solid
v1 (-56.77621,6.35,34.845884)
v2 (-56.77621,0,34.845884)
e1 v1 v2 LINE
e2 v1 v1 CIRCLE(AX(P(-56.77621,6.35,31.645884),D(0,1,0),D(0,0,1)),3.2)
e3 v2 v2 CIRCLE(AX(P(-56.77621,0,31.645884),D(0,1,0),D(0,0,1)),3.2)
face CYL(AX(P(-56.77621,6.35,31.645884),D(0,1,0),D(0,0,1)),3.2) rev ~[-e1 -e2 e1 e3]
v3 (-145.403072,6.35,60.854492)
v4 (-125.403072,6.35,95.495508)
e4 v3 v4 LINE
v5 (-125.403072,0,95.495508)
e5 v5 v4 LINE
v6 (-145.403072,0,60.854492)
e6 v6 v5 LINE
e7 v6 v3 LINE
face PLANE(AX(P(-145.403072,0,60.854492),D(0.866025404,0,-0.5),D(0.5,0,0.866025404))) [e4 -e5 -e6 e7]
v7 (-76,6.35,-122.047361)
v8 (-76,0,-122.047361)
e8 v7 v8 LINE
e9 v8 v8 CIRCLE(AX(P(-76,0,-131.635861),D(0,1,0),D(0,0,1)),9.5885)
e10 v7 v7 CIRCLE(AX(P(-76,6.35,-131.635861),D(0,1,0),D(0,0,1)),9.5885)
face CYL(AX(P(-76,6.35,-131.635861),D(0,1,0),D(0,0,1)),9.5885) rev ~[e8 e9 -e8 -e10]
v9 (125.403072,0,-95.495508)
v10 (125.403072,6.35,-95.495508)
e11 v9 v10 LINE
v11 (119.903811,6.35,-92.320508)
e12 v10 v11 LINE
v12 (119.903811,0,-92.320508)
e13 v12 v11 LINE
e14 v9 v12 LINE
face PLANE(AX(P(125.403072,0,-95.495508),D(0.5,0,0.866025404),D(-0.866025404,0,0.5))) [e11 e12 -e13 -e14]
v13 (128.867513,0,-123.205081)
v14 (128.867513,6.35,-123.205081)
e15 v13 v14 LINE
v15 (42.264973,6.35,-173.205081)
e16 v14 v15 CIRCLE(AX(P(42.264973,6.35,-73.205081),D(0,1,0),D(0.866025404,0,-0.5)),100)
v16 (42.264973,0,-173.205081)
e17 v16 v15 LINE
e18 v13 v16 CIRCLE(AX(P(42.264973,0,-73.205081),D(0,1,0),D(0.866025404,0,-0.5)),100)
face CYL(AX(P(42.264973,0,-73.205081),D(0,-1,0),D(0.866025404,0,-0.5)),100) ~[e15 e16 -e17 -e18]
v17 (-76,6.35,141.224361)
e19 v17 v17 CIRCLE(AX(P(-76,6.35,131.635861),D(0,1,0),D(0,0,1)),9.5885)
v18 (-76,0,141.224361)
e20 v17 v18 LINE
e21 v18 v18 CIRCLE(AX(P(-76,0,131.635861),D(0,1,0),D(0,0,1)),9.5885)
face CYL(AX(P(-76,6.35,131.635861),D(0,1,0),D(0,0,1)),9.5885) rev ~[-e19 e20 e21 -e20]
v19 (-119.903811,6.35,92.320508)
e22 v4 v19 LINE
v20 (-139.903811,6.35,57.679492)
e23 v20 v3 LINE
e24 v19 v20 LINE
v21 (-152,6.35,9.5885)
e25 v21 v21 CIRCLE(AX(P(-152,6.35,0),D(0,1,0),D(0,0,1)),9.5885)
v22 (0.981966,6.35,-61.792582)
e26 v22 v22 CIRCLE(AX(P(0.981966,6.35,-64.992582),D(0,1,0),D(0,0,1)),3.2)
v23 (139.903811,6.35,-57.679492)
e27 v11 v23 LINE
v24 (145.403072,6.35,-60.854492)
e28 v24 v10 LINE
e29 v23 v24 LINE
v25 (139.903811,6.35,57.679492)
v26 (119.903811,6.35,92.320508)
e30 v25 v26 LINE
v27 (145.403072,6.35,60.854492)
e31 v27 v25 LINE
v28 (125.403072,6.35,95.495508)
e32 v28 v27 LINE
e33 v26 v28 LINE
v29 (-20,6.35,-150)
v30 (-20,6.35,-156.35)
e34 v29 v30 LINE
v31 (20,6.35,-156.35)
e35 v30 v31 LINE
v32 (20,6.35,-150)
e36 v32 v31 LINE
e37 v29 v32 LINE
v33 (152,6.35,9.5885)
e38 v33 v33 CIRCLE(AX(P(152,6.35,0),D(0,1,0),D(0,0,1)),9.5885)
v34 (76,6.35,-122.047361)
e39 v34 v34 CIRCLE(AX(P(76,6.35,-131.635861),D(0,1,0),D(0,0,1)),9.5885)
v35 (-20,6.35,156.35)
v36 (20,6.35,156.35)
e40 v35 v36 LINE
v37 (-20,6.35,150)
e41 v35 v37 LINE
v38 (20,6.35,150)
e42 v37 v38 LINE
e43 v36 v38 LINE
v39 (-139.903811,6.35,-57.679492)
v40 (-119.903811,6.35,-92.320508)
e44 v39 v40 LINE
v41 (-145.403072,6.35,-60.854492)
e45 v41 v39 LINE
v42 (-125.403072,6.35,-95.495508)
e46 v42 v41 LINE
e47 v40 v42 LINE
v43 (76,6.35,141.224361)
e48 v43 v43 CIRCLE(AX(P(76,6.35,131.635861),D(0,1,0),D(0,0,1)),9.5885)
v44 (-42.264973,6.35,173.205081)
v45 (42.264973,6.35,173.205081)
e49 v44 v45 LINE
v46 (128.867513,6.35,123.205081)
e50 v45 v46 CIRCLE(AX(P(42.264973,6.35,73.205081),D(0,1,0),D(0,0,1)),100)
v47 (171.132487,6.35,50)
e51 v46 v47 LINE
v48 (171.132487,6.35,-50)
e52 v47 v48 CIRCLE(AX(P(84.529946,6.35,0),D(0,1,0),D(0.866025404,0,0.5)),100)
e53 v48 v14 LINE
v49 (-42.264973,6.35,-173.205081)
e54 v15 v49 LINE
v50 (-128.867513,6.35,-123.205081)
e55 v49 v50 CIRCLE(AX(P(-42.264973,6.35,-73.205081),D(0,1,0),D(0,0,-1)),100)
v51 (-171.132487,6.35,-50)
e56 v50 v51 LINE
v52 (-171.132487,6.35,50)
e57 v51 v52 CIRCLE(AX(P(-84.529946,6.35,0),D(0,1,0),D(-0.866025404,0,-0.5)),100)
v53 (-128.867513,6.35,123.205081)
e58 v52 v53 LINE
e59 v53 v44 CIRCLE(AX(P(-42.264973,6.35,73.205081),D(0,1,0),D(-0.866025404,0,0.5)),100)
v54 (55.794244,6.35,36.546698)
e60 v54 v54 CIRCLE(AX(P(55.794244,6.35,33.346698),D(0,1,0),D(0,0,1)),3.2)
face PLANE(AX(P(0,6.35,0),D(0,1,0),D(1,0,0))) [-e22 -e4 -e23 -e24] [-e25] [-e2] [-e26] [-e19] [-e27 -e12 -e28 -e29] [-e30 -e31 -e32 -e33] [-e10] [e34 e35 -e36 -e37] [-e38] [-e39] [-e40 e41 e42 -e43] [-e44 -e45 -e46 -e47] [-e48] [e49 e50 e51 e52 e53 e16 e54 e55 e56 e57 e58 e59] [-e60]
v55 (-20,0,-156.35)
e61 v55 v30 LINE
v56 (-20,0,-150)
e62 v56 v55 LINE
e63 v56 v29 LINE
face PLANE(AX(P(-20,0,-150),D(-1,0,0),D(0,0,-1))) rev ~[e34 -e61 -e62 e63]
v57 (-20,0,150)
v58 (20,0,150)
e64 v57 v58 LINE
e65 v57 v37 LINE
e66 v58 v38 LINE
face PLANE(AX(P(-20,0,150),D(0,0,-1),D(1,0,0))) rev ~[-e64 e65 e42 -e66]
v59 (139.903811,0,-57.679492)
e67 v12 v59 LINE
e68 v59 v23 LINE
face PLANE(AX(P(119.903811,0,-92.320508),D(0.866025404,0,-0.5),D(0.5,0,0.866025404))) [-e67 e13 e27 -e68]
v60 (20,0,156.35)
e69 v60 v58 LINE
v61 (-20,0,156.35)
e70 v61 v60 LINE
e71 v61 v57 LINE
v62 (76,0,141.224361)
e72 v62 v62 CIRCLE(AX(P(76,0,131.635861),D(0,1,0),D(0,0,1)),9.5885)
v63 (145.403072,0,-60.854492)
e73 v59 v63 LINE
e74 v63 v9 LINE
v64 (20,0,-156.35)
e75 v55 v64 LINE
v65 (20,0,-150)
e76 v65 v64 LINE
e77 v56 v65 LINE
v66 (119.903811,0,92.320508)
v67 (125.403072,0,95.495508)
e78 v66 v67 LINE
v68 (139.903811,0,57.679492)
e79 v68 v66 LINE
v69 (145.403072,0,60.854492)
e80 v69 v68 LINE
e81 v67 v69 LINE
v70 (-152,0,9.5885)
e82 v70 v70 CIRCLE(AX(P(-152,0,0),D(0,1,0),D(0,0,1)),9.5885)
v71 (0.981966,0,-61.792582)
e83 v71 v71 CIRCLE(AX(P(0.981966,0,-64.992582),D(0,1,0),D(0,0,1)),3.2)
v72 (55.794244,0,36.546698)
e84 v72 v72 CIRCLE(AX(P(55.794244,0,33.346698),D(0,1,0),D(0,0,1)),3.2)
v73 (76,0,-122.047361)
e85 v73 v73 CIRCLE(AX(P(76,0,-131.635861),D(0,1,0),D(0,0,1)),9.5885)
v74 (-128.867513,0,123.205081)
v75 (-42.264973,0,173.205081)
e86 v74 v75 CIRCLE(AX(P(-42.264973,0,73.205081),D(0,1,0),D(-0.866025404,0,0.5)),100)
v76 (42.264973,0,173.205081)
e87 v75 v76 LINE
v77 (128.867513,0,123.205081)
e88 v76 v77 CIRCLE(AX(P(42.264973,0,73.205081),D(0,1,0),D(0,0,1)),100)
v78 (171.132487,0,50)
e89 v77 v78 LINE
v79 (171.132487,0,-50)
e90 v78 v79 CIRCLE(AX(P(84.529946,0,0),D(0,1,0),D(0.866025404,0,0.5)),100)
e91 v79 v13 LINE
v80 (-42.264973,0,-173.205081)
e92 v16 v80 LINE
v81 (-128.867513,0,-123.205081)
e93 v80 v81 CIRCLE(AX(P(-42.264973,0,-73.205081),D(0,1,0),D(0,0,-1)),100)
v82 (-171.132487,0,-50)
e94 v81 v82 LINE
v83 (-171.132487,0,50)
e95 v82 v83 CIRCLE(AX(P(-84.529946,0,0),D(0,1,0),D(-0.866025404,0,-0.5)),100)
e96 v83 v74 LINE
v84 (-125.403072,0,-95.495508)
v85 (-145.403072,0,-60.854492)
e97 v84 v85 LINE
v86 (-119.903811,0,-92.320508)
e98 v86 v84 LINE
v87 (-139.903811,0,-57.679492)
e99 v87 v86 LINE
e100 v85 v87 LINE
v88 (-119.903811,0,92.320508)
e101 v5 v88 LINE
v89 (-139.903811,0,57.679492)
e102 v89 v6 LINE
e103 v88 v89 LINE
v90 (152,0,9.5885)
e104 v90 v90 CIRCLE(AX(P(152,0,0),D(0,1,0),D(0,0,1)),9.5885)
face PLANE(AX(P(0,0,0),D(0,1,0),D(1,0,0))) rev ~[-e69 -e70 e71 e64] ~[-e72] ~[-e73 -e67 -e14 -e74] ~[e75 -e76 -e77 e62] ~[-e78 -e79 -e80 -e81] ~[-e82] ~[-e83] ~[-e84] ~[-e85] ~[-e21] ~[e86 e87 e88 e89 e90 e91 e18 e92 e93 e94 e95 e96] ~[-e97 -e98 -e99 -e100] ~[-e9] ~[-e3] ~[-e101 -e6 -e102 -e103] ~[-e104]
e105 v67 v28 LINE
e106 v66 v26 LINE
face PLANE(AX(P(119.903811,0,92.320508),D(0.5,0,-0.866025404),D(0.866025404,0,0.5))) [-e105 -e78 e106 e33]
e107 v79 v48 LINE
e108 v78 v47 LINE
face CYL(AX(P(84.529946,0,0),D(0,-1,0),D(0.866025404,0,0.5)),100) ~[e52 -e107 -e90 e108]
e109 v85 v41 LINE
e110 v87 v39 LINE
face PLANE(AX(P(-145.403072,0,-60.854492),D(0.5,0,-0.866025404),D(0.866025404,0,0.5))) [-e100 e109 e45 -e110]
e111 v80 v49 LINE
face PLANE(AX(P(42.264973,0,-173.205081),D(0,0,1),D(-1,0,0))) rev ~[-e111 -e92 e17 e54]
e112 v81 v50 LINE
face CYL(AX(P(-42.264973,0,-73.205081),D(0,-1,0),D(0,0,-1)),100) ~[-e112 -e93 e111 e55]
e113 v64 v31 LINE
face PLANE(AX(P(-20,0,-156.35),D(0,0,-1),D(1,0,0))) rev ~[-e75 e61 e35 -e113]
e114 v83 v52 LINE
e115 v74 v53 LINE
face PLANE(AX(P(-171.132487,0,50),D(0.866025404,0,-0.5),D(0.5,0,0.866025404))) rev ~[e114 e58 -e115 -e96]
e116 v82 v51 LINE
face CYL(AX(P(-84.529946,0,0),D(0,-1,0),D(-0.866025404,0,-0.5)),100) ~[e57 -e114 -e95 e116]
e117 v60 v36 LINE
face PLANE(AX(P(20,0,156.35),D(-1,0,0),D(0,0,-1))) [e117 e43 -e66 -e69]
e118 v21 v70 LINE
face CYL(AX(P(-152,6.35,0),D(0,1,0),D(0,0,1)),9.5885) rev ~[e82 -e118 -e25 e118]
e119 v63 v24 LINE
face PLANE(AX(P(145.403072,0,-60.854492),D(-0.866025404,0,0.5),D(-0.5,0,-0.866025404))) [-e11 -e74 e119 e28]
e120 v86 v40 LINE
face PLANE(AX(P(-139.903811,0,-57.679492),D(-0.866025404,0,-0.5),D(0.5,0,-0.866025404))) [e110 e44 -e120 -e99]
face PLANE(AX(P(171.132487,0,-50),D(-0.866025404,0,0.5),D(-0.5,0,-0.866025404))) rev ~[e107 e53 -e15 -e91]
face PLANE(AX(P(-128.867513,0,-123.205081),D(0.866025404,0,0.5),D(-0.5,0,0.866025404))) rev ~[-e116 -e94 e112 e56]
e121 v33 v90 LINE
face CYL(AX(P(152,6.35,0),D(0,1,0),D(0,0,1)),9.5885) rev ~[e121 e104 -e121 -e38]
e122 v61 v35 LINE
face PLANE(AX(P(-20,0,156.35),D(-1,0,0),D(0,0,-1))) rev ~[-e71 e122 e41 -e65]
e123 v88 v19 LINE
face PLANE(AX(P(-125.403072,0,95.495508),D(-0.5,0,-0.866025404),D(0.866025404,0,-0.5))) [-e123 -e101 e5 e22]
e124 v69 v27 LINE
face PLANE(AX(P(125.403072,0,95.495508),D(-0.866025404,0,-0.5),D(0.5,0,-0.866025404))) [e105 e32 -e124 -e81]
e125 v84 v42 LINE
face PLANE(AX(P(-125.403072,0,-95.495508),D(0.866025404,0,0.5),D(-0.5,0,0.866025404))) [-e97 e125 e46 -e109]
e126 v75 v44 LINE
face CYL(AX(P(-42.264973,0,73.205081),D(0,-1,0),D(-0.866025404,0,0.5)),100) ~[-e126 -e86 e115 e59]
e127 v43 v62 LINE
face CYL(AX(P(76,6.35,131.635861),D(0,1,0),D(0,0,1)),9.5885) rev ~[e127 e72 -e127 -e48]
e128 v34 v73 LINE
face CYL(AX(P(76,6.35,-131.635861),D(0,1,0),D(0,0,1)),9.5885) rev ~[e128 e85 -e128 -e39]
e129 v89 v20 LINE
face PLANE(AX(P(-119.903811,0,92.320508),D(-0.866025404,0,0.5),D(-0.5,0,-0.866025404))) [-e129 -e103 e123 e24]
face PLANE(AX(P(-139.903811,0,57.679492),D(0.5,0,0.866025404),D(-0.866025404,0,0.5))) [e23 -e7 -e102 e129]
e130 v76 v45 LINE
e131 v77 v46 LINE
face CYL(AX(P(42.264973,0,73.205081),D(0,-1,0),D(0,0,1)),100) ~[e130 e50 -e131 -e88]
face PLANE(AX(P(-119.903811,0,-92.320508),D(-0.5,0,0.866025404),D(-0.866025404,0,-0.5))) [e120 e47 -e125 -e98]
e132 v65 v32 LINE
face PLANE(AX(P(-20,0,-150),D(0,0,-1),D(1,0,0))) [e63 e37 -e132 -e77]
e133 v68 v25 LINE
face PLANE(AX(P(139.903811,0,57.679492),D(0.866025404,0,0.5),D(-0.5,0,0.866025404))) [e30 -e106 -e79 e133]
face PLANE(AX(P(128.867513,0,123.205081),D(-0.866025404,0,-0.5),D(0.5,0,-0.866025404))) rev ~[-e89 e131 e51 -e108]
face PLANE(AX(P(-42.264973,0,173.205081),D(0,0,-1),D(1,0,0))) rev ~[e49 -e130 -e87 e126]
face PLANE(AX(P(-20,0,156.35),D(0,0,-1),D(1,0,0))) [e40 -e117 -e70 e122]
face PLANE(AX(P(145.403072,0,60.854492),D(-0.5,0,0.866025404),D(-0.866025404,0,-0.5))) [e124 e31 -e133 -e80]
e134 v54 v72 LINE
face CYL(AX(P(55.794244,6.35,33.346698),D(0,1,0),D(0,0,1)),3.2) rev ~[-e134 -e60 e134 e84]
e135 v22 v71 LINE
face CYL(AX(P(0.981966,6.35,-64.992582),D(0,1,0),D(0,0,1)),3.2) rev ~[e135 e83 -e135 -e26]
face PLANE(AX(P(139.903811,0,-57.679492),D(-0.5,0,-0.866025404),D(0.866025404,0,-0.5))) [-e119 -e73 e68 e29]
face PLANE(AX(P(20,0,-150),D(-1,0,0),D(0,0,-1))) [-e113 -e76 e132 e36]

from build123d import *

# Parameters (mm, degrees)
SKETCH1_W           = 40
SKETCH1_H           = 6.35
BOSS_EXTRUDE1_DEPTH = 6.35
SKETCH2_R           = 3.2
CUT_EXTRUDE1_DEPTH  = 6.35
SKETCH3_R           = 9.5885
CUT_EXTRUDE2_DEPTH  = 254.16323495


with BuildPart() as part:
    # Sketch1 → Boss-Extrude1 (new body)
    with BuildSketch(Plane(origin=(0, 0, 0), x_dir=(1, 0, 0), z_dir=(0, 1, 0))):
        with BuildLine():
            Line((171.132486541, 50), (128.867513459, 123.205080757))
            ThreePointArc((128.867513459, 123.205080757), (92.264973081, 159.807621135), (42.264973081, 173.205080757))
            Line((42.264973081, 173.205080757), (-42.264973081, 173.205080757))
            ThreePointArc((-42.264973081, 173.205080757), (-92.264973081, 159.807621135), (-128.867513459, 123.205080757))
            Line((-128.867513459, 123.205080757), (-171.132486541, 50))
            ThreePointArc((-171.132486541, 50), (-184.529946162, 0), (-171.132486541, -50))
            Line((-171.132486541, -50), (-128.867513459, -123.205080757))
            ThreePointArc((-128.867513459, -123.205080757), (-92.264973081, -159.807621135), (-42.264973081, -173.205080757))
            Line((-42.264973081, -173.205080757), (42.264973081, -173.205080757))
            ThreePointArc((42.264973081, -173.205080757), (92.264973081, -159.807621135), (128.867513459, -123.205080757))
            Line((128.867513459, -123.205080757), (171.132486541, -50))
            ThreePointArc((171.132486541, -50), (184.529946162, 0), (171.132486541, 50))
        make_face()
        with Locations((0, -153.175)):
            Rectangle(SKETCH1_W, SKETCH1_H, mode=Mode.SUBTRACT)
        Polygon((-139.903810568, -57.679491924), (-145.403071882, -60.854491924), (-125.403071882, -95.495508076), (-119.903810568, -92.320508076), align=None, mode=Mode.SUBTRACT)
        Polygon((-119.903810568, 92.320508076), (-125.403071882, 95.495508076), (-145.403071882, 60.854491924), (-139.903810568, 57.679491924), align=None, mode=Mode.SUBTRACT)
        with Locations((0, 153.175)):
            Rectangle(SKETCH1_W, SKETCH1_H, mode=Mode.SUBTRACT)
        Polygon((139.903810568, 57.679491924), (145.403071882, 60.854491924), (125.403071882, 95.495508076), (119.903810568, 92.320508076), align=None, mode=Mode.SUBTRACT)
        Polygon((119.903810568, -92.320508076), (125.403071882, -95.495508076), (145.403071882, -60.854491924), (139.903810568, -57.679491924), align=None, mode=Mode.SUBTRACT)
    extrude(amount=BOSS_EXTRUDE1_DEPTH)

    # Sketch2 → Cut-Extrude1 (cut)
    with BuildSketch(Plane(origin=(0, 6.35, 0), x_dir=(1, 0, 0), z_dir=(0, 1, 0))):
        with Locations(Location((55.794244464, -33.346698257, 0), (0, 0, 270))):
            Circle(SKETCH2_R)
        with Locations(Location((-56.776210055, -31.645883963, 0), (0, 0, 270))):
            Circle(SKETCH2_R)
        with Locations(Location((0.981965591, 64.99258222, 0), (0, 0, 270))):
            Circle(SKETCH2_R)
    extrude(amount=-CUT_EXTRUDE1_DEPTH, mode=Mode.SUBTRACT)

    # Sketch3 → Cut-Extrude2 (cut, through all)
    with BuildSketch(Plane(origin=(0, 6.35, 0), x_dir=(1, 0, 0), z_dir=(0, 1, 0))):
        with Locations(Location((76, 131.635861375, 0), (0, 0, 270))):
            Circle(SKETCH3_R)
        with Locations(Location((152, 0, 0), (0, 0, 270))):
            Circle(SKETCH3_R)
        with Locations(Location((76, -131.635861375, 0), (0, 0, 270))):
            Circle(SKETCH3_R)
        with Locations(Location((-76, -131.635861375, 0), (0, 0, 270))):
            Circle(SKETCH3_R)
        with Locations(Location((-152, 0, 0), (0, 0, 270))):
            Circle(SKETCH3_R)
        with Locations(Location((-76, 131.635861375, 0), (0, 0, 270))):
            Circle(SKETCH3_R)
    extrude(amount=-CUT_EXTRUDE2_DEPTH, mode=Mode.SUBTRACT)


solid = part.part
